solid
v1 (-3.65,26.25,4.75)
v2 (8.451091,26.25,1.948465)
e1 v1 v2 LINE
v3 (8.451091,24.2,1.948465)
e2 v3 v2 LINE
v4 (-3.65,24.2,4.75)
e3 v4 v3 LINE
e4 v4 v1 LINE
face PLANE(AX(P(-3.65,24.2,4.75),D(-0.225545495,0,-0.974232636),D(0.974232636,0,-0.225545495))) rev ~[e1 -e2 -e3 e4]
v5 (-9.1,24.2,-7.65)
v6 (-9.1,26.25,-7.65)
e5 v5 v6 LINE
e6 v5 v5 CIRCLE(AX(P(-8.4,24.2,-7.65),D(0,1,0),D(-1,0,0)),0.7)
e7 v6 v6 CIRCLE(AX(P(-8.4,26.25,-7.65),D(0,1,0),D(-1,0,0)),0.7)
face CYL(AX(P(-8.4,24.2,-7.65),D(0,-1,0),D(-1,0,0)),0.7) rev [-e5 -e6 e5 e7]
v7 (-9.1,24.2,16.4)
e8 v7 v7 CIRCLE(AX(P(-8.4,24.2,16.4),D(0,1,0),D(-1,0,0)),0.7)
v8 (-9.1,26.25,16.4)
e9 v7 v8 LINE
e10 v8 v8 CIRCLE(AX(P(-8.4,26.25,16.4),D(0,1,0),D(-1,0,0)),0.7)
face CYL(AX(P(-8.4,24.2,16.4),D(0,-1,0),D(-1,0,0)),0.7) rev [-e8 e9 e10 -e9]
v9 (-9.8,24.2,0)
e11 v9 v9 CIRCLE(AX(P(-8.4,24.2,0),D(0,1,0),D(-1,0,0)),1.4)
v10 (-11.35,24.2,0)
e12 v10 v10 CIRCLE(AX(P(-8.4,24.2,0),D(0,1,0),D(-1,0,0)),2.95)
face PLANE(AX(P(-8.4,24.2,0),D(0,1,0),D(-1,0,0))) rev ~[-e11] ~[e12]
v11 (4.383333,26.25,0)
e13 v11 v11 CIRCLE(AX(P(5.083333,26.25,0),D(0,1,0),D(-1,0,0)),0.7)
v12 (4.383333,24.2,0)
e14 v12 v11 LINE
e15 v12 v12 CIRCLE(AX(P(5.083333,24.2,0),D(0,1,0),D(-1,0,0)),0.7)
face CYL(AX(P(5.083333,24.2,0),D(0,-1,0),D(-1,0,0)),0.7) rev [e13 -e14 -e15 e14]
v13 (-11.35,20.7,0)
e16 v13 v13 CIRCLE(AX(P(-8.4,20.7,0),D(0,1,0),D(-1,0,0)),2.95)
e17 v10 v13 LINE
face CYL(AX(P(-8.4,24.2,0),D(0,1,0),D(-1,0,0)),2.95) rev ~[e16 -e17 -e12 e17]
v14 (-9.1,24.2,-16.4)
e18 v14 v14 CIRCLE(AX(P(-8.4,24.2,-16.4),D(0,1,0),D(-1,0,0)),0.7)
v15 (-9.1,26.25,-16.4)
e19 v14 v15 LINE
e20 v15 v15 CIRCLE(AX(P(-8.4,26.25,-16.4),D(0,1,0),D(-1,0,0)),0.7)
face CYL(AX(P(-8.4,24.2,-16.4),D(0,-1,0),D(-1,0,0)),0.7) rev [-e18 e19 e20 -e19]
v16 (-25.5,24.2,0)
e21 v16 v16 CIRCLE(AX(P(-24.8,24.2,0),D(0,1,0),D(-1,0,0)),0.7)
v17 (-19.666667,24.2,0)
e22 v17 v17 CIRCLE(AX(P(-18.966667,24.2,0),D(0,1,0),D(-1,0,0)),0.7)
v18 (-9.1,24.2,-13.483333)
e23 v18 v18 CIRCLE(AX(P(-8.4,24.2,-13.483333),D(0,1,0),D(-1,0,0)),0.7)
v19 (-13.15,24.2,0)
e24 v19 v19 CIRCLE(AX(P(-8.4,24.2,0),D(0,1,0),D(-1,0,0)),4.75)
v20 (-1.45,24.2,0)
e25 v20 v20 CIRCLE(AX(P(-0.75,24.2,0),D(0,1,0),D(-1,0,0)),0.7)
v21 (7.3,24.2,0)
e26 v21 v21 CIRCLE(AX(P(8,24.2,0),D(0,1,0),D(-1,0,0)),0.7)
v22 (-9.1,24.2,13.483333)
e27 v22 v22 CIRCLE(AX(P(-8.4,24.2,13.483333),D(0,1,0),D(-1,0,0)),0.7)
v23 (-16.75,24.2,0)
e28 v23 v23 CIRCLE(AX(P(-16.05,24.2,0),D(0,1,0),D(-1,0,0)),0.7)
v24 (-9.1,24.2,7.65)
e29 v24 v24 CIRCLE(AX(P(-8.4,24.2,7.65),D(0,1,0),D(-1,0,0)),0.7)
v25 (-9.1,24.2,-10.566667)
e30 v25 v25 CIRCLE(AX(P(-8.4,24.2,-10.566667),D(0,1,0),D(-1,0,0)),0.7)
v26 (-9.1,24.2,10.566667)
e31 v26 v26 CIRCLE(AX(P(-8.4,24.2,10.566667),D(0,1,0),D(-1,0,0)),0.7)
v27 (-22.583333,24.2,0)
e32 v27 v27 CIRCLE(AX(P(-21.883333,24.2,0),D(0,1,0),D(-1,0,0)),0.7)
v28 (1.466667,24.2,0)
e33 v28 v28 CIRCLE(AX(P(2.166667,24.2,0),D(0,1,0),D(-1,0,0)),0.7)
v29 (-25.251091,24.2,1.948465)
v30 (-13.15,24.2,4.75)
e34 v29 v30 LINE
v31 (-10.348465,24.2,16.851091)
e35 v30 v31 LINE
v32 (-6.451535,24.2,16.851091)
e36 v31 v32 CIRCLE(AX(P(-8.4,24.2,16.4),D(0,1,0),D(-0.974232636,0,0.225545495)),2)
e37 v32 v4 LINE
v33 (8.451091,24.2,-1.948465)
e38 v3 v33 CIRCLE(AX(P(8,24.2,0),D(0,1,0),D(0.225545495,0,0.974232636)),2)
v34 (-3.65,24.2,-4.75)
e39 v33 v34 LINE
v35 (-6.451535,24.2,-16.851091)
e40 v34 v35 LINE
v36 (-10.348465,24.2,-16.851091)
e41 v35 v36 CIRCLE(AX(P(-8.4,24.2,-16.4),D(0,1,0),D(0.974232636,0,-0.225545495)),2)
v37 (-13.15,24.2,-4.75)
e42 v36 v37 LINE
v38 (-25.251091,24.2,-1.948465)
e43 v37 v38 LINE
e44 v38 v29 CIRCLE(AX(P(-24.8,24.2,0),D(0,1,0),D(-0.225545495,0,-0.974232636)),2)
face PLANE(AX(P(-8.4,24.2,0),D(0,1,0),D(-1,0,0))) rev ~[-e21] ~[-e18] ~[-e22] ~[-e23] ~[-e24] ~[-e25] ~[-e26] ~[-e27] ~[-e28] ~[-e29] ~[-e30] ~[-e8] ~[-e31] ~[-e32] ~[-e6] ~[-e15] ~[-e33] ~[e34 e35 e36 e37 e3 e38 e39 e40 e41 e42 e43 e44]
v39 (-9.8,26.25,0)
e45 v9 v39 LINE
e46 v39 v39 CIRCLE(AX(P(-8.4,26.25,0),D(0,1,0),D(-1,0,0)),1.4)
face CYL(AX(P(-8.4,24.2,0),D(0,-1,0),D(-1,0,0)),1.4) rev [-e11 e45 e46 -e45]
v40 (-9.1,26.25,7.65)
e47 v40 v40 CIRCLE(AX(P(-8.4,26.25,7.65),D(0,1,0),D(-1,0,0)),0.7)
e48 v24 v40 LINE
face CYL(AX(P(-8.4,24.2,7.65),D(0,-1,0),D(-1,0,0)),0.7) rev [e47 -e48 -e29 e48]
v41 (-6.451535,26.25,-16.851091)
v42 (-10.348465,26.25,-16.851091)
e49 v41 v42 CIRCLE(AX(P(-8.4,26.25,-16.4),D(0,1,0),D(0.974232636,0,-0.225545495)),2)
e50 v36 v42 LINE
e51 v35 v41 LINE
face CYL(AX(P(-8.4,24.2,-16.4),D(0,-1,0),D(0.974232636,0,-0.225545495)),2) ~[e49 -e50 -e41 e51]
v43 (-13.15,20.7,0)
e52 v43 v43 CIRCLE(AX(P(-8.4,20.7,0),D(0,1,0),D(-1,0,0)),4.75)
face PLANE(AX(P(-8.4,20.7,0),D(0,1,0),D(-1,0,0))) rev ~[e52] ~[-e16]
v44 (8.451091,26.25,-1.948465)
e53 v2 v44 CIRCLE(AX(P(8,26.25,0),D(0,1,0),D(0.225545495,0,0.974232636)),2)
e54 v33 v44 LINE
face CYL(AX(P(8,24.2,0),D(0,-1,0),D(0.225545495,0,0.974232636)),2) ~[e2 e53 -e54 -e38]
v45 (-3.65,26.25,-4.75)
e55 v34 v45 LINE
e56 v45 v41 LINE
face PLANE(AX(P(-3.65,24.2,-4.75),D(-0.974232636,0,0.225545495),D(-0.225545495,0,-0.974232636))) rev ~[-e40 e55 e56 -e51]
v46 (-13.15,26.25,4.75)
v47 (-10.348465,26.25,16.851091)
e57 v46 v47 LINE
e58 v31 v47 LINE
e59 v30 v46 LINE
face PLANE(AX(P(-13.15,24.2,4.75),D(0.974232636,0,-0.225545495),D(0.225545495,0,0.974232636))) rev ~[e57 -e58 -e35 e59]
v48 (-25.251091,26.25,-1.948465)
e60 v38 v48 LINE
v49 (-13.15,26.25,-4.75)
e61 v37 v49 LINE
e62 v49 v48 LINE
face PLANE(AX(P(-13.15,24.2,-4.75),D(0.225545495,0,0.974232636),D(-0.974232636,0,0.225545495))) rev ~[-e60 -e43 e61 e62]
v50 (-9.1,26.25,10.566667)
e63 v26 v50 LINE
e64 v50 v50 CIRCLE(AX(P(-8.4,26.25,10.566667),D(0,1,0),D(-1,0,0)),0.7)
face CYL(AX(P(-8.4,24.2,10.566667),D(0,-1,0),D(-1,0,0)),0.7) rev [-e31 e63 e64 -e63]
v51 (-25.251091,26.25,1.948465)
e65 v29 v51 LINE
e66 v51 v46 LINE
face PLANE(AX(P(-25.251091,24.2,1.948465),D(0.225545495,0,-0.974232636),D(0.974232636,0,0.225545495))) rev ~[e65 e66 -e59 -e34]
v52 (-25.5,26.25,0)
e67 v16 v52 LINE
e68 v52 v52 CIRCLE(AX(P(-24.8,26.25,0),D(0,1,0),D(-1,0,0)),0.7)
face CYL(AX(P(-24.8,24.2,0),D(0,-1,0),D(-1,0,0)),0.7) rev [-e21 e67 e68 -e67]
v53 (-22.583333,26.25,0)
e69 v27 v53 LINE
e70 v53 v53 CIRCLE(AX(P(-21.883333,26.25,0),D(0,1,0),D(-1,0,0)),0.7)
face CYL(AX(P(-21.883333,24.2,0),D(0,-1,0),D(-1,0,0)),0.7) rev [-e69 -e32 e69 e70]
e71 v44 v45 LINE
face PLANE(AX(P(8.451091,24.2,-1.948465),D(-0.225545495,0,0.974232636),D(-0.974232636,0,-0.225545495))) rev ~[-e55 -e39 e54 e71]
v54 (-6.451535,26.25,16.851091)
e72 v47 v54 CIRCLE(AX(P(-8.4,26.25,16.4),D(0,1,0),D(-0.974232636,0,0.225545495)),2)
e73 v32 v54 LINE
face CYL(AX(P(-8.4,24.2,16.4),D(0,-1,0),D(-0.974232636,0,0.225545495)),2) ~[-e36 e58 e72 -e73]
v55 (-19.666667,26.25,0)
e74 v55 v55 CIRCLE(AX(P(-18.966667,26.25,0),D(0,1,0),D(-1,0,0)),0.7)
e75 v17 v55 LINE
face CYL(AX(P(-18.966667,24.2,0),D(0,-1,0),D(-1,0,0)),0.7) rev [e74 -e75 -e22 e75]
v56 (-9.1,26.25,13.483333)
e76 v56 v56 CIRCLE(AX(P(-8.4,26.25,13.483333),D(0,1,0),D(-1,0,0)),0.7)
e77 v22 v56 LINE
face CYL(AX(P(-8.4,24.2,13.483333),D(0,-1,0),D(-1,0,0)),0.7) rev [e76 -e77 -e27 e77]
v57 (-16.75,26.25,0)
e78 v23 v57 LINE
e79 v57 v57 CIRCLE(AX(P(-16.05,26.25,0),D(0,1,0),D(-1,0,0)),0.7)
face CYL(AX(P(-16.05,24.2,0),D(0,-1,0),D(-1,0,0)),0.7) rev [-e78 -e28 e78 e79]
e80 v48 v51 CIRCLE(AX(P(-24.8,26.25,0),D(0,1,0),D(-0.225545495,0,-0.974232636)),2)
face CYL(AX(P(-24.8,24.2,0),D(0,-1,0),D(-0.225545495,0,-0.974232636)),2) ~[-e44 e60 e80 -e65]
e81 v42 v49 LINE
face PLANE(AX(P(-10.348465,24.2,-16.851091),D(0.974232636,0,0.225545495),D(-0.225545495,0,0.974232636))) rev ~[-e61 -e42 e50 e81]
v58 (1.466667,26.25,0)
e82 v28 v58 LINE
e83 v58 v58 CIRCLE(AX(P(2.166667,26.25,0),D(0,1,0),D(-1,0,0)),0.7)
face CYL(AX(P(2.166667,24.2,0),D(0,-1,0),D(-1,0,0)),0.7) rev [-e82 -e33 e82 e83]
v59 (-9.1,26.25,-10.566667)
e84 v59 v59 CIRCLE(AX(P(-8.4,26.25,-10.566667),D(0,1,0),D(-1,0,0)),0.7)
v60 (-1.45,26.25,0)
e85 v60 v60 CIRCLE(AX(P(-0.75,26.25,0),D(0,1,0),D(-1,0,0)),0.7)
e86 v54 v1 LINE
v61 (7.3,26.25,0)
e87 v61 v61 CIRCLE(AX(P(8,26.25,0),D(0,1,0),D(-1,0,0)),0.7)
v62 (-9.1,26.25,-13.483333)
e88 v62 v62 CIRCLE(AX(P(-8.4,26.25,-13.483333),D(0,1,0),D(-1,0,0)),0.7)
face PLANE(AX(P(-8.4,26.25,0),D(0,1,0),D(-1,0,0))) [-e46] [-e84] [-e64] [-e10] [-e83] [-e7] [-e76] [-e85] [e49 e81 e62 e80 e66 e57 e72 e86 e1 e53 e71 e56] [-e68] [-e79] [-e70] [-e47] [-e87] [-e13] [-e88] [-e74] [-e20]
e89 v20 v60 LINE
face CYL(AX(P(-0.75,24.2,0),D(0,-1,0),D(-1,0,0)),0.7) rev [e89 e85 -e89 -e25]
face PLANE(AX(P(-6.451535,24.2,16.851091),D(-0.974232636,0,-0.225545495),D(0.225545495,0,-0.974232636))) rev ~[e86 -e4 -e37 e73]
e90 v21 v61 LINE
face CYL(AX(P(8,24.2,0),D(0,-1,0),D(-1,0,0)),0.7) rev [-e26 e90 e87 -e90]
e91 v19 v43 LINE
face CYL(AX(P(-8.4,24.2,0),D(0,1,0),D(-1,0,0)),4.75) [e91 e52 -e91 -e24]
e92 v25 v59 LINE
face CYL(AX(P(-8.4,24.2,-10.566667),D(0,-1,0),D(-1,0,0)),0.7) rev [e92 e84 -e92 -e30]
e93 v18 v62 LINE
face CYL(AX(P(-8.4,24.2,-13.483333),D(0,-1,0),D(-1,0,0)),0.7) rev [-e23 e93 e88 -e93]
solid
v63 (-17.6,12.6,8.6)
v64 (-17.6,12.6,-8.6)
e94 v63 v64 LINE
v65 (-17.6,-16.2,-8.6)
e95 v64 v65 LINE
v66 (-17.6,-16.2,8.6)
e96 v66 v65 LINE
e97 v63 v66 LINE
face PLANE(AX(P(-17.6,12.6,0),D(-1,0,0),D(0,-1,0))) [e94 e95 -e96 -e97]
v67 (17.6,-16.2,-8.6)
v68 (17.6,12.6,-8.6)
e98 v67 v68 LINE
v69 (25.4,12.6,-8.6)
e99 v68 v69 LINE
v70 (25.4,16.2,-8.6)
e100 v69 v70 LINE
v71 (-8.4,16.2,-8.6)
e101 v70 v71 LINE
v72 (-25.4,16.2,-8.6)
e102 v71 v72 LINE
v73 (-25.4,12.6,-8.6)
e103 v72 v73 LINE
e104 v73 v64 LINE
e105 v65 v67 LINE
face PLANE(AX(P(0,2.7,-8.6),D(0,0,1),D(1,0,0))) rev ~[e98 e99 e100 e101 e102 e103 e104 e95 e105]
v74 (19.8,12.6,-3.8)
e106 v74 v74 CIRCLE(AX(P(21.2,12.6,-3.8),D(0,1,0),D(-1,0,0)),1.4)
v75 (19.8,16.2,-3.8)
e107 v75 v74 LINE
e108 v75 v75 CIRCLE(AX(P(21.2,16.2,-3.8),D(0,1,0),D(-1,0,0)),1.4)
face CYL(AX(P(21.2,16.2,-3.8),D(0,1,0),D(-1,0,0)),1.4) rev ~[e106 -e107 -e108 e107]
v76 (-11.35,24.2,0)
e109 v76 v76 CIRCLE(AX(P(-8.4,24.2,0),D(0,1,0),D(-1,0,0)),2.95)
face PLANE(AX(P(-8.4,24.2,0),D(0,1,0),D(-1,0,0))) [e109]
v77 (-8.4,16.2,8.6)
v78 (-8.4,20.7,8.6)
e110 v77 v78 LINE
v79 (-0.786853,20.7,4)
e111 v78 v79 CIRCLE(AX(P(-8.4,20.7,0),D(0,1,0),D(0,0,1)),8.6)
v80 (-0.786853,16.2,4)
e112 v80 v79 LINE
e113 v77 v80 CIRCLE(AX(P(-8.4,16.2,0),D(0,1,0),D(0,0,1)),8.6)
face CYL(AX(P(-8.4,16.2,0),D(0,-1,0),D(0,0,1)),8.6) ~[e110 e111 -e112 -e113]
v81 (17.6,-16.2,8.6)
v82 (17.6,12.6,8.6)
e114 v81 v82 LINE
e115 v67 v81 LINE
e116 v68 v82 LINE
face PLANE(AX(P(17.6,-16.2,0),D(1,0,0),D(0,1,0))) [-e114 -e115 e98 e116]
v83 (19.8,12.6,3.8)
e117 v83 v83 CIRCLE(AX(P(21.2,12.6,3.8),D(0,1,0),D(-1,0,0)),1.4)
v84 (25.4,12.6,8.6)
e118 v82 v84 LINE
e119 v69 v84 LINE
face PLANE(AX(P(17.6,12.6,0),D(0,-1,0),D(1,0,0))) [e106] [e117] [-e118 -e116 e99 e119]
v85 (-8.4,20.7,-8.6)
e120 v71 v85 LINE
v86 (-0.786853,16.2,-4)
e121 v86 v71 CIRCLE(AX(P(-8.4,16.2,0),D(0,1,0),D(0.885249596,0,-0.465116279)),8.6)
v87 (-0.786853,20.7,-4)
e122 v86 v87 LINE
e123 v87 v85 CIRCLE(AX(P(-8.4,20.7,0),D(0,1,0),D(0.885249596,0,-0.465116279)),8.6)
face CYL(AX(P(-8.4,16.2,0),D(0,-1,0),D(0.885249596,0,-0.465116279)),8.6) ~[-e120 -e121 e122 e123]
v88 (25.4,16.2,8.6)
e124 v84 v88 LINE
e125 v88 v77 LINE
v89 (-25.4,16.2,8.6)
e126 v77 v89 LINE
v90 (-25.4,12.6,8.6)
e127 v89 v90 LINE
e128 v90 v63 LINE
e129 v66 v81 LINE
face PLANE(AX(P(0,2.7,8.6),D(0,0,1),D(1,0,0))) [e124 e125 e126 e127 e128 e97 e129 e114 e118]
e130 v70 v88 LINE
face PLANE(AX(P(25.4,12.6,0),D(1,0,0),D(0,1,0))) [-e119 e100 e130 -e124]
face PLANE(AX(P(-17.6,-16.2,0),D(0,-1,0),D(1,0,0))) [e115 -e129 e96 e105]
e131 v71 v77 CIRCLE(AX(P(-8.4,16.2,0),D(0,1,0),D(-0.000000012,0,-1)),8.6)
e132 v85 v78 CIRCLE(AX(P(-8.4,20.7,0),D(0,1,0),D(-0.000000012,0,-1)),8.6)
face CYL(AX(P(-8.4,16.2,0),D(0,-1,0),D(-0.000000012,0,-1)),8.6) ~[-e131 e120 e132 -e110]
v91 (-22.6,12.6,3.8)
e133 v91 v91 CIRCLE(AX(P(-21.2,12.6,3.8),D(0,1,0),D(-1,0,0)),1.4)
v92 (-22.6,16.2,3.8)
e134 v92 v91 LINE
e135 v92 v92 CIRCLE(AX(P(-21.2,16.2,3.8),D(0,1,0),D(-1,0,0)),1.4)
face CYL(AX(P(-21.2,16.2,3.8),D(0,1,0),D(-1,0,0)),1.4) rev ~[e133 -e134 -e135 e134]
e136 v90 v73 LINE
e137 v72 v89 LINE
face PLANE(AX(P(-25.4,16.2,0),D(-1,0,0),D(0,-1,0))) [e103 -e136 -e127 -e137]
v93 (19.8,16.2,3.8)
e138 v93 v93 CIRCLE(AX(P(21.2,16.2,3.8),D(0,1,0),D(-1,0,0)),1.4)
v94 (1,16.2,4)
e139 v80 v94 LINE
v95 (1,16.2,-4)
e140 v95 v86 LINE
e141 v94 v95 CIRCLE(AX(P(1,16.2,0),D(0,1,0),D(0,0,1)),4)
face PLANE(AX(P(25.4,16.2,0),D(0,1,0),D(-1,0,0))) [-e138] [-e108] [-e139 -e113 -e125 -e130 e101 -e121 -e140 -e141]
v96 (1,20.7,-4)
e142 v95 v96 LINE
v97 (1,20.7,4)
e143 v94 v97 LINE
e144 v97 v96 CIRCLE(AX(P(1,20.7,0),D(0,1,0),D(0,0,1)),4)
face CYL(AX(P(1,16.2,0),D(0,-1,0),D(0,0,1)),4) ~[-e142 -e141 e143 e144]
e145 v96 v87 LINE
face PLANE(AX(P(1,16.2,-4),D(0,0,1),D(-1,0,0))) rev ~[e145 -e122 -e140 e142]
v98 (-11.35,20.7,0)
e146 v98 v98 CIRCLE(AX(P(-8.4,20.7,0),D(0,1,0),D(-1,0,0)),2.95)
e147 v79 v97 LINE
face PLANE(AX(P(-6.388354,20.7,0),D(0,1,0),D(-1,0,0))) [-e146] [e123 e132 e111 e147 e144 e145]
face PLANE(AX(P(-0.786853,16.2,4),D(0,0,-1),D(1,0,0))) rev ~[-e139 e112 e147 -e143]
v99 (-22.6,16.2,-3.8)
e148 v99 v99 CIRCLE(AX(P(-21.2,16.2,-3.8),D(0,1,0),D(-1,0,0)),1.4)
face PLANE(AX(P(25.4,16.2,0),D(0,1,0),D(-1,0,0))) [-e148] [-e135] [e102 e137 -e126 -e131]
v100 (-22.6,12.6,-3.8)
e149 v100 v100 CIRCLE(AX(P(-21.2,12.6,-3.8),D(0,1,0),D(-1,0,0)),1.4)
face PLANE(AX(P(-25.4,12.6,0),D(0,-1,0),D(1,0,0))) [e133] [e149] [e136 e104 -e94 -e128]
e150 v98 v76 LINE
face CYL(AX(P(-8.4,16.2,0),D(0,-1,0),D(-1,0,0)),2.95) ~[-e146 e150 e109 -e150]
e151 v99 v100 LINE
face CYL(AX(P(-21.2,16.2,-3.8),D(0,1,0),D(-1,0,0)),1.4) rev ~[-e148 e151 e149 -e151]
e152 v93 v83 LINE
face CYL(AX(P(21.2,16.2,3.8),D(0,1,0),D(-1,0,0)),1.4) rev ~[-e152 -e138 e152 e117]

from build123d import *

# Parameters (mm, degrees)
F1_DEPTH = 8.6
F2_R     = 2.95
F3_DEPTH = 4.5
F4_DEPTH = 8
F5_R     = 1.4
F6_DEPTH = 3.6
F7_R     = 0.7
F7_R_2   = 4.75
F7_R_3   = 2.95
F7_R_4   = 1.4
F8_DEPTH = 2.05
F9_DEPTH = 3.5


with BuildPart() as f1:
    # F0 (on Top) → F1 (new body, symmetric)
    with BuildSketch(Plane.XY):
        Polygon((-17.6, -16.2), (17.6, -16.2), (17.6, 12.6), (25.4, 12.6), (25.4, 16.2), (17.6, 16.2), (-17.6, 16.2), (-25.4, 16.2), (-25.4, 12.6), (-17.6, 12.6), align=None)
    extrude(amount=F1_DEPTH, both=True)

    # F2 (on face) → F3 (join)
    with BuildSketch(Plane(origin=(0, 16.2, 0), x_dir=(-1, 0, 0), z_dir=(0, 1, 0))):
        with BuildLine():
            Line((-1, -4), (0.7868534757, -4))
            ThreePointArc((0.7868534757, -4), (3.9525288508, -7.3607065134), (8.400000099, -8.6))
            ThreePointArc((8.400000099, -8.6), (17, 4.95e-08), (8.4, 8.6))
            ThreePointArc((8.4, 8.6), (3.9525288084, 7.3607064878), (0.7868534757, 4))
            Line((0.7868534757, 4), (-1, 4))
            ThreePointArc((-1, 4), (-5, 0), (-1, -4))
        make_face()
        with Locations((8.4, 0)):
            Circle(F2_R, mode=Mode.SUBTRACT)
    extrude(amount=F3_DEPTH)

    # F2 (on face) → F4 (join)
    with BuildSketch(Plane(origin=(0, 16.2, 0), x_dir=(-1, 0, 0), z_dir=(0, 1, 0))):
        with Locations((8.4, 0)):
            Circle(F2_R)
    extrude(amount=F4_DEPTH)

    # F5 (on face) → F6 (cut, through all)
    with BuildSketch(Plane(origin=(0, 16.2, 0), x_dir=(-1, 0, 0), z_dir=(0, 1, 0))):
        with Locations((-21.2, 3.8)):
            Circle(F5_R)
        with Locations((-21.2, -3.8)):
            Circle(F5_R)
        with Locations((21.2, 3.8)):
            Circle(F5_R)
        with Locations((21.2, -3.8)):
            Circle(F5_R)
    extrude(amount=-F6_DEPTH, mode=Mode.SUBTRACT)


with BuildPart() as f8:
    # F7 (on face) → F8 (new body)
    with BuildSketch(Plane(origin=(0, 24.2, 0), x_dir=(-1, 0, 0), z_dir=(0, 1, 0))):
        with BuildLine():
            Line((13.15, -4.75), (25.2510909909, -1.9484652724))
            ThreePointArc((25.2510909909, -1.9484652724), (26.8, 0), (25.2510909909, 1.9484652724))
            Line((25.2510909909, 1.9484652724), (13.15, 4.75))
            Line((13.15, 4.75), (10.3484652724, 16.8510909909))
            ThreePointArc((10.3484652724, 16.8510909909), (8.4, 18.4), (6.4515347276, 16.8510909909))
            Line((6.4515347276, 16.8510909909), (3.65, 4.75))
            Line((3.65, 4.75), (-8.4510909909, 1.9484652724))
            ThreePointArc((-8.4510909909, 1.9484652724), (-10, 0), (-8.4510909909, -1.9484652724))
            Line((-8.4510909909, -1.9484652724), (3.65, -4.75))
            Line((3.65, -4.75), (6.4515347276, -16.8510909909))
            ThreePointArc((6.4515347276, -16.8510909909), (8.4, -18.4), (10.3484652724, -16.8510909909))
            Line((10.3484652724, -16.8510909909), (13.15, -4.75))
        make_face()
        with Locations((8.4, -16.4)):
            Circle(F7_R, mode=Mode.SUBTRACT)
        with Locations((8.4, -13.4833333333)):
            Circle(F7_R, mode=Mode.SUBTRACT)
        with Locations((8.4, -10.5666666667)):
            Circle(F7_R, mode=Mode.SUBTRACT)
        with Locations((8.4, -7.65)):
            Circle(F7_R, mode=Mode.SUBTRACT)
        with Locations((-8, 0)):
            Circle(F7_R, mode=Mode.SUBTRACT)
        with Locations((-5.0833333333, 0)):
            Circle(F7_R, mode=Mode.SUBTRACT)
        with Locations((-2.1666666667, 0)):
            Circle(F7_R, mode=Mode.SUBTRACT)
        with Locations((0.75, 0)):
            Circle(F7_R, mode=Mode.SUBTRACT)
        with Locations((8.4, 0)):
            Circle(F7_R_2, mode=Mode.SUBTRACT)
        with Locations((16.05, 0)):
            Circle(F7_R, mode=Mode.SUBTRACT)
        with Locations((8.4, 7.65)):
            Circle(F7_R, mode=Mode.SUBTRACT)
        with Locations((18.9666666667, 0)):
            Circle(F7_R, mode=Mode.SUBTRACT)
        with Locations((21.8833333333, 0)):
            Circle(F7_R, mode=Mode.SUBTRACT)
        with Locations((24.8, 0)):
            Circle(F7_R, mode=Mode.SUBTRACT)
        with Locations((8.4, 10.5666666667)):
            Circle(F7_R, mode=Mode.SUBTRACT)
        with Locations((8.4, 13.4833333333)):
            Circle(F7_R, mode=Mode.SUBTRACT)
        with Locations((8.4, 16.4)):
            Circle(F7_R, mode=Mode.SUBTRACT)
        with Locations((8.4, 0)):
            Circle(F7_R_2)
        with Locations((8.4, 0)):
            Circle(F7_R_3, mode=Mode.SUBTRACT)
        with Locations((8.4, 0)):
            Circle(F7_R_3)
        with Locations((8.4, 0)):
            Circle(F7_R_4, mode=Mode.SUBTRACT)
    extrude(amount=F8_DEPTH)

    # F7 (on face) → F9 (join)
    with BuildSketch(Plane(origin=(0, 24.2, 0), x_dir=(-1, 0, 0), z_dir=(0, 1, 0))):
        with Locations((8.4, 0)):
            Circle(F7_R_2)
        with Locations((8.4, 0)):
            Circle(F7_R_3, mode=Mode.SUBTRACT)
    extrude(amount=-F9_DEPTH)


solid = Compound([f1.part, f8.part])
